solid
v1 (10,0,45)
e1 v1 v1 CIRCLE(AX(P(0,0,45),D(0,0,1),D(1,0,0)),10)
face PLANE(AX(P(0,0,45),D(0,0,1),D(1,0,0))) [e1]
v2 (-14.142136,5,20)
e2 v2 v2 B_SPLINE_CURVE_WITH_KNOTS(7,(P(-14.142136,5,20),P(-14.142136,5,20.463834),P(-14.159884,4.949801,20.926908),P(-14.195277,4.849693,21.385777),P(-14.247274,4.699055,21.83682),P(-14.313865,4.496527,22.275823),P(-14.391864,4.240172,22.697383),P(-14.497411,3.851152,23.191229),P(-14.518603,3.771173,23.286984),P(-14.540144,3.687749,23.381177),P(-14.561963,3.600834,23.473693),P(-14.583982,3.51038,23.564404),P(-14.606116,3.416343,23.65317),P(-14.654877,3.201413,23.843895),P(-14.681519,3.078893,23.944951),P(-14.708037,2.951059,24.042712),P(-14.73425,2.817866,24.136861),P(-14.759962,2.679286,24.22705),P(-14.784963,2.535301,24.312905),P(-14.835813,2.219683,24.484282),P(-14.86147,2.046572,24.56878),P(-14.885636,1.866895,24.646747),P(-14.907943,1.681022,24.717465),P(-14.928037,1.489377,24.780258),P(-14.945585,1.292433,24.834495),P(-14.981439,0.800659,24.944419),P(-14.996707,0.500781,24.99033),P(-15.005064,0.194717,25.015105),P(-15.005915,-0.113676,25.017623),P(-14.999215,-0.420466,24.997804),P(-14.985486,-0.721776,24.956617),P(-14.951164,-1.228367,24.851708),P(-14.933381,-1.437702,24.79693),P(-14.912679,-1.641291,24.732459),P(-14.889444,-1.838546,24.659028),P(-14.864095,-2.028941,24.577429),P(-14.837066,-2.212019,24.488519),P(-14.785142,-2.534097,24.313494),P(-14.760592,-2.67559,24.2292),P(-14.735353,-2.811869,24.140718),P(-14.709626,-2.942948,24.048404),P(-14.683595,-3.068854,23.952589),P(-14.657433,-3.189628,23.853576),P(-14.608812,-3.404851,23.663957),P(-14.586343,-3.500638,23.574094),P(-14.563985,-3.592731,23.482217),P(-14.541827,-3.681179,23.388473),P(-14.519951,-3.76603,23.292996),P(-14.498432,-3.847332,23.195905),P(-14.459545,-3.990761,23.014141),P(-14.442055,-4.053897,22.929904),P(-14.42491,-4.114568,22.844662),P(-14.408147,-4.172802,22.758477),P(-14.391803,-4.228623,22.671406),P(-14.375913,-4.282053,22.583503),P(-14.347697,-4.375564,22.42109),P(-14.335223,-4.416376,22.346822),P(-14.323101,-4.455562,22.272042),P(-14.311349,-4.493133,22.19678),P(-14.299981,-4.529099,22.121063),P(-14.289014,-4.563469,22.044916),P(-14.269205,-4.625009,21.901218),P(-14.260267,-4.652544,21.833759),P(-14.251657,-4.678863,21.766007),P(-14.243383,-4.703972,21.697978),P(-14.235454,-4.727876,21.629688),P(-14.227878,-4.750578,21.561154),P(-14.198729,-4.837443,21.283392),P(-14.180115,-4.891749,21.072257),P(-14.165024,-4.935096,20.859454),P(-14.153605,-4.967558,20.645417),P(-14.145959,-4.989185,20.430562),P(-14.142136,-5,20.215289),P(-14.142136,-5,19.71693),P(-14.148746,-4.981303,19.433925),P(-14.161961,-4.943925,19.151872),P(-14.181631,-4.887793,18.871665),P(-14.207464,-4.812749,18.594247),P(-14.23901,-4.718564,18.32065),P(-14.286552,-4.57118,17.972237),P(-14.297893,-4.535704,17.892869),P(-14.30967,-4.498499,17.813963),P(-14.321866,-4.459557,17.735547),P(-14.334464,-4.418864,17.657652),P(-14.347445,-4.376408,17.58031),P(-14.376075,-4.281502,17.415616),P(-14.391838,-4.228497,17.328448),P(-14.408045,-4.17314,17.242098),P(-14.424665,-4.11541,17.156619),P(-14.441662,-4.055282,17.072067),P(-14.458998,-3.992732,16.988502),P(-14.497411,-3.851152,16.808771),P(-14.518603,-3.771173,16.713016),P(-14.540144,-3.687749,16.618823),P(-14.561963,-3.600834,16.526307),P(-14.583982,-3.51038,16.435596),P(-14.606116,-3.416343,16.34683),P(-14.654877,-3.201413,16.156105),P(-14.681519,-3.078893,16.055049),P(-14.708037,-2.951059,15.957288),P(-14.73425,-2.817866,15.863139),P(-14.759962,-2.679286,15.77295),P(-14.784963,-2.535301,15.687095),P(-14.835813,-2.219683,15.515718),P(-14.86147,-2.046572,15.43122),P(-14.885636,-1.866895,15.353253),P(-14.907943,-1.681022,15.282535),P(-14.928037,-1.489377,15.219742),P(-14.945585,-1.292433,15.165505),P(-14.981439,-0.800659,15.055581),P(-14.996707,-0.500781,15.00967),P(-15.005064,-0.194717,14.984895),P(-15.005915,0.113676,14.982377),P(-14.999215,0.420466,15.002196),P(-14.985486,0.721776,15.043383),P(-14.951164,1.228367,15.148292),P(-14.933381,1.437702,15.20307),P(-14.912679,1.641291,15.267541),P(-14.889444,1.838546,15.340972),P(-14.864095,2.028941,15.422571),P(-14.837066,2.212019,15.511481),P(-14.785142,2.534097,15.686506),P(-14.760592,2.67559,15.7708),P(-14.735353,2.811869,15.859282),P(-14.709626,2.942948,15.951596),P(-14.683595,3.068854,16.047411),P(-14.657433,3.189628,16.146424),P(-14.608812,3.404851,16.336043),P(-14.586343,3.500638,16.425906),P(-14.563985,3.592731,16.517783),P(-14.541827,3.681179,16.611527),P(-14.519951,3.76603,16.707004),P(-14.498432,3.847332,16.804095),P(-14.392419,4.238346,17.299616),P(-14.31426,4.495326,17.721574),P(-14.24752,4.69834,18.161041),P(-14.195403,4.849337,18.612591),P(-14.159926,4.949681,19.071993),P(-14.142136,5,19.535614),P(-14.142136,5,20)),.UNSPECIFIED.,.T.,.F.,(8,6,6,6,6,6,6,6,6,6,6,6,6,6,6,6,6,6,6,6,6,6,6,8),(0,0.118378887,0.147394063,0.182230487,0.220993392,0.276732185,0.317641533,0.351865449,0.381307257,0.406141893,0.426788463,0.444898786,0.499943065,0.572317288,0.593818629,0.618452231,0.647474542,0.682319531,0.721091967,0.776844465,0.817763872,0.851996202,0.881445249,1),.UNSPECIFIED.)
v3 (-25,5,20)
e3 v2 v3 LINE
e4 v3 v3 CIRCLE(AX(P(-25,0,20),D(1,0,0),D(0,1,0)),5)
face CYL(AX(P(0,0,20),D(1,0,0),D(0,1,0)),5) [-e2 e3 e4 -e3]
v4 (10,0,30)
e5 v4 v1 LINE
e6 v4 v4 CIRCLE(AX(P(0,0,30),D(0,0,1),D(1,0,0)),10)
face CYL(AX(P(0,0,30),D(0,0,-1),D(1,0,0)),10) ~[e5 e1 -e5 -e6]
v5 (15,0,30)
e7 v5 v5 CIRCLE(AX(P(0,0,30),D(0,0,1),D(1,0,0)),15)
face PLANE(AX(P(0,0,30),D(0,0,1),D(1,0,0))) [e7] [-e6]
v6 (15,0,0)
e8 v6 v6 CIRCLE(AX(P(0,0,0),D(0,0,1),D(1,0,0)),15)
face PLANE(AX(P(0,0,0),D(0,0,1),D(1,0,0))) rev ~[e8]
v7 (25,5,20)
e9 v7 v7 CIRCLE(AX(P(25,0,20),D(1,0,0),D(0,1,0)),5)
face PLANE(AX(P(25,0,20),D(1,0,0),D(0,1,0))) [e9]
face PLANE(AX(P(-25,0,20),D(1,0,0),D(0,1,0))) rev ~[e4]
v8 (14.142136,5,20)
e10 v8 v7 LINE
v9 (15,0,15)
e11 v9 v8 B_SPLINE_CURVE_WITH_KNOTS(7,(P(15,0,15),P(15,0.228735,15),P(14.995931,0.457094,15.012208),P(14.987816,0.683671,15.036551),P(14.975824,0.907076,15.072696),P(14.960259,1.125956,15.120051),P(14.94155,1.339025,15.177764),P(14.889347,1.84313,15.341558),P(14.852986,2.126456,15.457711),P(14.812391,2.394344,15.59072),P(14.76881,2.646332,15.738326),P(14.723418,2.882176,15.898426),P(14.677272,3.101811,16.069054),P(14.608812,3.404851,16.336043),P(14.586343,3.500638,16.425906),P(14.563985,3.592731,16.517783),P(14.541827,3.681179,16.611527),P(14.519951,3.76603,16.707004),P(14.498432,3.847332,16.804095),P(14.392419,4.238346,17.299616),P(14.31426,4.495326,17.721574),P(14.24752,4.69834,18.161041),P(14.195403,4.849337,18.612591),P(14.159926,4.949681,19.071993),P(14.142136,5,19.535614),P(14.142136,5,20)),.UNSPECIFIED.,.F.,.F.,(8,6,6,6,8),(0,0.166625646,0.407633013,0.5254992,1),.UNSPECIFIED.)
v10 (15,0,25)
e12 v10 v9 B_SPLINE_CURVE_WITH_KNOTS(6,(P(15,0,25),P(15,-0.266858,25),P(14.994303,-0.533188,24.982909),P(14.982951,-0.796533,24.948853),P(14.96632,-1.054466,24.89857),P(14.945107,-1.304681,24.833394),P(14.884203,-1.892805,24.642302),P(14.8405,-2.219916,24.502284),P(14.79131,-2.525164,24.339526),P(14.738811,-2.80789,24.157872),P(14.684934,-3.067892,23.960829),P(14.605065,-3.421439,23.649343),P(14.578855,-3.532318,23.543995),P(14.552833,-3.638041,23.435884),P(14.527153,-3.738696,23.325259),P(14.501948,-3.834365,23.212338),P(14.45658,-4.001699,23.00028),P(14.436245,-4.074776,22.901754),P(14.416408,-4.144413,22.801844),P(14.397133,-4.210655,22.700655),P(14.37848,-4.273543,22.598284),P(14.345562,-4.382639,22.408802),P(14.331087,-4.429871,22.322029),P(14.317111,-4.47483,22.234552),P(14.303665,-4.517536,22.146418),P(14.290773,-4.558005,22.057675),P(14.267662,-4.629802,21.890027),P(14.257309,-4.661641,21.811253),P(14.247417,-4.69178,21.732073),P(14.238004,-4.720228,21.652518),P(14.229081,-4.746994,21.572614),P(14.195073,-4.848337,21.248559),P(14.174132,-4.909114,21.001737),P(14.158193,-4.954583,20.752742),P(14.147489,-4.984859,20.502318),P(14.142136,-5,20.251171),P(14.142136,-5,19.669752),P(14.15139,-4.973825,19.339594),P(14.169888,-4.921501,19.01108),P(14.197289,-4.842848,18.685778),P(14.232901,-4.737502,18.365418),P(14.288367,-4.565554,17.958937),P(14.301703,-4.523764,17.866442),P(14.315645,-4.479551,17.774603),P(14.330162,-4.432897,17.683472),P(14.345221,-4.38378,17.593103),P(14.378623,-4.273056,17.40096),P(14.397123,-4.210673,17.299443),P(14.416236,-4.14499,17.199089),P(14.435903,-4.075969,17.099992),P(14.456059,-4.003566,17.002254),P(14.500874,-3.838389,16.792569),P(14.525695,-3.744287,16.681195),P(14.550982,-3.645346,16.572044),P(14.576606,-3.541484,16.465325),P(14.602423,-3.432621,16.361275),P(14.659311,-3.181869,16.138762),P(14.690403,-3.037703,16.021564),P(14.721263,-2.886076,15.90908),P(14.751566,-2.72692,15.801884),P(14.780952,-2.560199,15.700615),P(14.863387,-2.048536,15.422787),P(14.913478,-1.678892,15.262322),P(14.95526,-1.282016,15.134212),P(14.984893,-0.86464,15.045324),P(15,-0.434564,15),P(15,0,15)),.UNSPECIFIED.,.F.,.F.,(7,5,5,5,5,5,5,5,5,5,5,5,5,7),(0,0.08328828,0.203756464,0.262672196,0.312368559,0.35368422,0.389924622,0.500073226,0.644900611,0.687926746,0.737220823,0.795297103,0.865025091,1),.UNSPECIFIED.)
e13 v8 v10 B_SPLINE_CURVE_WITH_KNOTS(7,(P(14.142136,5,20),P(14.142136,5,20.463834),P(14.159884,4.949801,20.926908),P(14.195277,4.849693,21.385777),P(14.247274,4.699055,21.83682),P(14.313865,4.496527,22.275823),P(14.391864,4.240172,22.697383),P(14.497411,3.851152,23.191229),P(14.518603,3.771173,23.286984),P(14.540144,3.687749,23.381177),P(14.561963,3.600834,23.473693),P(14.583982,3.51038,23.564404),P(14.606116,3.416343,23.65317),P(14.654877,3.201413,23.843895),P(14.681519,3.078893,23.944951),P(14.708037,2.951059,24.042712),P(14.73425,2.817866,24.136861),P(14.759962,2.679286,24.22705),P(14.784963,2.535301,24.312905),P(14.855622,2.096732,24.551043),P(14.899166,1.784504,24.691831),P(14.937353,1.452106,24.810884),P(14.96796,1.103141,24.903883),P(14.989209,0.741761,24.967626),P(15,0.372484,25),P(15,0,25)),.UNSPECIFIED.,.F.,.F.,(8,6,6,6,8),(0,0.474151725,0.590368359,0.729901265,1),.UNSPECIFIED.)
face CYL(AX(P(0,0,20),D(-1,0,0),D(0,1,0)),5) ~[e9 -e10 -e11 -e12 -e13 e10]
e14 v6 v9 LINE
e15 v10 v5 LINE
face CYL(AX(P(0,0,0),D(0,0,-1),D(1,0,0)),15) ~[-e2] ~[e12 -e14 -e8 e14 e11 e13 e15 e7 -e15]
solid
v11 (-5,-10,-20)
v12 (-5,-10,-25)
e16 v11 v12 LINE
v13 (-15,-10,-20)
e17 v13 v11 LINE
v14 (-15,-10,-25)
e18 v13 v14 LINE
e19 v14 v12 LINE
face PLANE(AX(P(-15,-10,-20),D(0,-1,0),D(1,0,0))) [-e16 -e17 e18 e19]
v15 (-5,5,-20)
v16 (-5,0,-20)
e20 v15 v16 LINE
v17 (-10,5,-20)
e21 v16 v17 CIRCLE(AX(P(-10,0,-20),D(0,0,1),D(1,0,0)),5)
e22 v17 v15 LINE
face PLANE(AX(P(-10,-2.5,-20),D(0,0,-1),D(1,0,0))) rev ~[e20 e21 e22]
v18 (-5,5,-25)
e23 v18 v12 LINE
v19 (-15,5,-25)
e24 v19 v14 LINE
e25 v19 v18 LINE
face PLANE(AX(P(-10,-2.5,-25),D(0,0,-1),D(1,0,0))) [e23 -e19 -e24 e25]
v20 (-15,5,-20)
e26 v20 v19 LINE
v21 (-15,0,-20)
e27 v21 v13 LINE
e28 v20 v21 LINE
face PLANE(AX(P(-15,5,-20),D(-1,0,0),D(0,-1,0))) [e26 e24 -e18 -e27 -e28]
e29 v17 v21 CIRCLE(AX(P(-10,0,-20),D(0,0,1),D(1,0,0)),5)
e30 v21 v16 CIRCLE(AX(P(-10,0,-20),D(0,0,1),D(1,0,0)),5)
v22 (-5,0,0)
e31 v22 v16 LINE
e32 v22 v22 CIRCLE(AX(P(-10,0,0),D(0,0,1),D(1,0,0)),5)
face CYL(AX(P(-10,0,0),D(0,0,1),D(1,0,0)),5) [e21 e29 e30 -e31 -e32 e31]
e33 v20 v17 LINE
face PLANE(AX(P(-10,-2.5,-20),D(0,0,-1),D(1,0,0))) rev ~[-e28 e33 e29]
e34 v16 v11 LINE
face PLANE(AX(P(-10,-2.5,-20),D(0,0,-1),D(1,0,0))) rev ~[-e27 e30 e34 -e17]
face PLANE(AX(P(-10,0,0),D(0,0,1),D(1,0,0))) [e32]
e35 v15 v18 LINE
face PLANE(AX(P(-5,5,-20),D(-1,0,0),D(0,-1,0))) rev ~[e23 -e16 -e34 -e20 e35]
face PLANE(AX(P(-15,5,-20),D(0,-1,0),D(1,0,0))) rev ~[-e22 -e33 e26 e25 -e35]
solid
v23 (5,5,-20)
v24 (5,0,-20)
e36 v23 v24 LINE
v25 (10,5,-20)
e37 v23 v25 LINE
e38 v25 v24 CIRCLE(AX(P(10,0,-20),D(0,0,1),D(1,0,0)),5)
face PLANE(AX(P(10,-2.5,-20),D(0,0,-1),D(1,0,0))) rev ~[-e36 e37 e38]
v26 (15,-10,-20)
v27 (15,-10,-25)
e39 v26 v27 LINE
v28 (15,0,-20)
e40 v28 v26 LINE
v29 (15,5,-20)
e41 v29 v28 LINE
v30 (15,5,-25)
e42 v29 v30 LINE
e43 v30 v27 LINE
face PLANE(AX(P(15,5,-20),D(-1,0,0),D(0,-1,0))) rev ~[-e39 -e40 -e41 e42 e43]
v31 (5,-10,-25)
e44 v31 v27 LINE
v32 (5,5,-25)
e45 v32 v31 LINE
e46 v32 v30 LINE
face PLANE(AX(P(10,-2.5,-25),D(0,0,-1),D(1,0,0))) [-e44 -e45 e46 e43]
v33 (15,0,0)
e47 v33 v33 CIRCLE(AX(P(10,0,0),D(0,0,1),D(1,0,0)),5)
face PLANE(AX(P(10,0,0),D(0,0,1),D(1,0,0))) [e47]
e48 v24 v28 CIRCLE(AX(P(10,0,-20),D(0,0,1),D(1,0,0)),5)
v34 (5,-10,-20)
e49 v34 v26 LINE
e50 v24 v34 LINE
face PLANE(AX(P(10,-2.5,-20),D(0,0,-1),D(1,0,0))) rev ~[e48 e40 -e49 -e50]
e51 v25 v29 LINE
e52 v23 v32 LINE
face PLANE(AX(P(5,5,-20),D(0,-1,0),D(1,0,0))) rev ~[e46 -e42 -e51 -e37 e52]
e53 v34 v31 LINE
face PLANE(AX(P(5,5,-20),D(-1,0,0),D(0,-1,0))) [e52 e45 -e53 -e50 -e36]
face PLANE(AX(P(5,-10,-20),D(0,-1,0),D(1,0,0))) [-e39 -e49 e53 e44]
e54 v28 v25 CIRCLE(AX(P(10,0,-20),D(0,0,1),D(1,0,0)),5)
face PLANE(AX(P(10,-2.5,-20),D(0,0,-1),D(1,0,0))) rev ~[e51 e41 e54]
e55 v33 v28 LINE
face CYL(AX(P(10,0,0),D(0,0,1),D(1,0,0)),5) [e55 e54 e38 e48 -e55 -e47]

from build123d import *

# Parameters (mm, degrees)
F0_R      = 5
F1_DEPTH  = 20
F2_R      = 15
F3_DEPTH  = 30
F4_R      = 5
F5_DEPTH  = 25
F6_R      = 5
F7_DEPTH  = 25
F8_R      = 10
F9_DEPTH  = 15
F10_W     = 10
F10_H     = 15
F11_DEPTH = 5
F12_W     = 10
F12_H     = 15
F13_DEPTH = 5


with BuildPart() as f1:
    # F0 (on Top) → F1 (new body)
    with BuildSketch(Plane.XY):
        with Locations((10, 0)):
            Circle(F0_R)
        with Locations((-10, 0)):
            Circle(F0_R)
    extrude(amount=-F1_DEPTH)

    # F10 (on face) → F11 (join)
    with BuildSketch(Plane(origin=(0, 0, -20), x_dir=(1, 0, 0), z_dir=(0, 0, -1))):
        with Locations((-10, 2.5)):
            Rectangle(F10_W, F10_H)
    extrude(amount=F11_DEPTH)

    # F12 (on face) → F13 (join)
    with BuildSketch(Plane(origin=(0, 0, -20), x_dir=(1, 0, 0), z_dir=(0, 0, -1))):
        with Locations((10, 2.5)):
            Rectangle(F12_W, F12_H)
    extrude(amount=F13_DEPTH)


with BuildPart() as f3:
    # F2 (on Top) → F3 (new body)
    with BuildSketch(Plane.XY):
        Circle(F2_R)
    extrude(amount=F3_DEPTH)

    # F4 (on Right) → F5 (join)
    with BuildSketch(Plane.YZ):
        with Locations((0, 20)):
            Circle(F4_R)
    extrude(amount=F5_DEPTH)

    # F6 (on Right) → F7 (join)
    with BuildSketch(Plane.YZ):
        with Locations((0, 20)):
            Circle(F6_R)
    extrude(amount=-F7_DEPTH)

    # F8 (on face) → F9 (join)
    with BuildSketch(Plane.XY.offset(30)):
        Circle(F8_R)
    extrude(amount=F9_DEPTH)


solid = Compound([f1.part, f3.part])
